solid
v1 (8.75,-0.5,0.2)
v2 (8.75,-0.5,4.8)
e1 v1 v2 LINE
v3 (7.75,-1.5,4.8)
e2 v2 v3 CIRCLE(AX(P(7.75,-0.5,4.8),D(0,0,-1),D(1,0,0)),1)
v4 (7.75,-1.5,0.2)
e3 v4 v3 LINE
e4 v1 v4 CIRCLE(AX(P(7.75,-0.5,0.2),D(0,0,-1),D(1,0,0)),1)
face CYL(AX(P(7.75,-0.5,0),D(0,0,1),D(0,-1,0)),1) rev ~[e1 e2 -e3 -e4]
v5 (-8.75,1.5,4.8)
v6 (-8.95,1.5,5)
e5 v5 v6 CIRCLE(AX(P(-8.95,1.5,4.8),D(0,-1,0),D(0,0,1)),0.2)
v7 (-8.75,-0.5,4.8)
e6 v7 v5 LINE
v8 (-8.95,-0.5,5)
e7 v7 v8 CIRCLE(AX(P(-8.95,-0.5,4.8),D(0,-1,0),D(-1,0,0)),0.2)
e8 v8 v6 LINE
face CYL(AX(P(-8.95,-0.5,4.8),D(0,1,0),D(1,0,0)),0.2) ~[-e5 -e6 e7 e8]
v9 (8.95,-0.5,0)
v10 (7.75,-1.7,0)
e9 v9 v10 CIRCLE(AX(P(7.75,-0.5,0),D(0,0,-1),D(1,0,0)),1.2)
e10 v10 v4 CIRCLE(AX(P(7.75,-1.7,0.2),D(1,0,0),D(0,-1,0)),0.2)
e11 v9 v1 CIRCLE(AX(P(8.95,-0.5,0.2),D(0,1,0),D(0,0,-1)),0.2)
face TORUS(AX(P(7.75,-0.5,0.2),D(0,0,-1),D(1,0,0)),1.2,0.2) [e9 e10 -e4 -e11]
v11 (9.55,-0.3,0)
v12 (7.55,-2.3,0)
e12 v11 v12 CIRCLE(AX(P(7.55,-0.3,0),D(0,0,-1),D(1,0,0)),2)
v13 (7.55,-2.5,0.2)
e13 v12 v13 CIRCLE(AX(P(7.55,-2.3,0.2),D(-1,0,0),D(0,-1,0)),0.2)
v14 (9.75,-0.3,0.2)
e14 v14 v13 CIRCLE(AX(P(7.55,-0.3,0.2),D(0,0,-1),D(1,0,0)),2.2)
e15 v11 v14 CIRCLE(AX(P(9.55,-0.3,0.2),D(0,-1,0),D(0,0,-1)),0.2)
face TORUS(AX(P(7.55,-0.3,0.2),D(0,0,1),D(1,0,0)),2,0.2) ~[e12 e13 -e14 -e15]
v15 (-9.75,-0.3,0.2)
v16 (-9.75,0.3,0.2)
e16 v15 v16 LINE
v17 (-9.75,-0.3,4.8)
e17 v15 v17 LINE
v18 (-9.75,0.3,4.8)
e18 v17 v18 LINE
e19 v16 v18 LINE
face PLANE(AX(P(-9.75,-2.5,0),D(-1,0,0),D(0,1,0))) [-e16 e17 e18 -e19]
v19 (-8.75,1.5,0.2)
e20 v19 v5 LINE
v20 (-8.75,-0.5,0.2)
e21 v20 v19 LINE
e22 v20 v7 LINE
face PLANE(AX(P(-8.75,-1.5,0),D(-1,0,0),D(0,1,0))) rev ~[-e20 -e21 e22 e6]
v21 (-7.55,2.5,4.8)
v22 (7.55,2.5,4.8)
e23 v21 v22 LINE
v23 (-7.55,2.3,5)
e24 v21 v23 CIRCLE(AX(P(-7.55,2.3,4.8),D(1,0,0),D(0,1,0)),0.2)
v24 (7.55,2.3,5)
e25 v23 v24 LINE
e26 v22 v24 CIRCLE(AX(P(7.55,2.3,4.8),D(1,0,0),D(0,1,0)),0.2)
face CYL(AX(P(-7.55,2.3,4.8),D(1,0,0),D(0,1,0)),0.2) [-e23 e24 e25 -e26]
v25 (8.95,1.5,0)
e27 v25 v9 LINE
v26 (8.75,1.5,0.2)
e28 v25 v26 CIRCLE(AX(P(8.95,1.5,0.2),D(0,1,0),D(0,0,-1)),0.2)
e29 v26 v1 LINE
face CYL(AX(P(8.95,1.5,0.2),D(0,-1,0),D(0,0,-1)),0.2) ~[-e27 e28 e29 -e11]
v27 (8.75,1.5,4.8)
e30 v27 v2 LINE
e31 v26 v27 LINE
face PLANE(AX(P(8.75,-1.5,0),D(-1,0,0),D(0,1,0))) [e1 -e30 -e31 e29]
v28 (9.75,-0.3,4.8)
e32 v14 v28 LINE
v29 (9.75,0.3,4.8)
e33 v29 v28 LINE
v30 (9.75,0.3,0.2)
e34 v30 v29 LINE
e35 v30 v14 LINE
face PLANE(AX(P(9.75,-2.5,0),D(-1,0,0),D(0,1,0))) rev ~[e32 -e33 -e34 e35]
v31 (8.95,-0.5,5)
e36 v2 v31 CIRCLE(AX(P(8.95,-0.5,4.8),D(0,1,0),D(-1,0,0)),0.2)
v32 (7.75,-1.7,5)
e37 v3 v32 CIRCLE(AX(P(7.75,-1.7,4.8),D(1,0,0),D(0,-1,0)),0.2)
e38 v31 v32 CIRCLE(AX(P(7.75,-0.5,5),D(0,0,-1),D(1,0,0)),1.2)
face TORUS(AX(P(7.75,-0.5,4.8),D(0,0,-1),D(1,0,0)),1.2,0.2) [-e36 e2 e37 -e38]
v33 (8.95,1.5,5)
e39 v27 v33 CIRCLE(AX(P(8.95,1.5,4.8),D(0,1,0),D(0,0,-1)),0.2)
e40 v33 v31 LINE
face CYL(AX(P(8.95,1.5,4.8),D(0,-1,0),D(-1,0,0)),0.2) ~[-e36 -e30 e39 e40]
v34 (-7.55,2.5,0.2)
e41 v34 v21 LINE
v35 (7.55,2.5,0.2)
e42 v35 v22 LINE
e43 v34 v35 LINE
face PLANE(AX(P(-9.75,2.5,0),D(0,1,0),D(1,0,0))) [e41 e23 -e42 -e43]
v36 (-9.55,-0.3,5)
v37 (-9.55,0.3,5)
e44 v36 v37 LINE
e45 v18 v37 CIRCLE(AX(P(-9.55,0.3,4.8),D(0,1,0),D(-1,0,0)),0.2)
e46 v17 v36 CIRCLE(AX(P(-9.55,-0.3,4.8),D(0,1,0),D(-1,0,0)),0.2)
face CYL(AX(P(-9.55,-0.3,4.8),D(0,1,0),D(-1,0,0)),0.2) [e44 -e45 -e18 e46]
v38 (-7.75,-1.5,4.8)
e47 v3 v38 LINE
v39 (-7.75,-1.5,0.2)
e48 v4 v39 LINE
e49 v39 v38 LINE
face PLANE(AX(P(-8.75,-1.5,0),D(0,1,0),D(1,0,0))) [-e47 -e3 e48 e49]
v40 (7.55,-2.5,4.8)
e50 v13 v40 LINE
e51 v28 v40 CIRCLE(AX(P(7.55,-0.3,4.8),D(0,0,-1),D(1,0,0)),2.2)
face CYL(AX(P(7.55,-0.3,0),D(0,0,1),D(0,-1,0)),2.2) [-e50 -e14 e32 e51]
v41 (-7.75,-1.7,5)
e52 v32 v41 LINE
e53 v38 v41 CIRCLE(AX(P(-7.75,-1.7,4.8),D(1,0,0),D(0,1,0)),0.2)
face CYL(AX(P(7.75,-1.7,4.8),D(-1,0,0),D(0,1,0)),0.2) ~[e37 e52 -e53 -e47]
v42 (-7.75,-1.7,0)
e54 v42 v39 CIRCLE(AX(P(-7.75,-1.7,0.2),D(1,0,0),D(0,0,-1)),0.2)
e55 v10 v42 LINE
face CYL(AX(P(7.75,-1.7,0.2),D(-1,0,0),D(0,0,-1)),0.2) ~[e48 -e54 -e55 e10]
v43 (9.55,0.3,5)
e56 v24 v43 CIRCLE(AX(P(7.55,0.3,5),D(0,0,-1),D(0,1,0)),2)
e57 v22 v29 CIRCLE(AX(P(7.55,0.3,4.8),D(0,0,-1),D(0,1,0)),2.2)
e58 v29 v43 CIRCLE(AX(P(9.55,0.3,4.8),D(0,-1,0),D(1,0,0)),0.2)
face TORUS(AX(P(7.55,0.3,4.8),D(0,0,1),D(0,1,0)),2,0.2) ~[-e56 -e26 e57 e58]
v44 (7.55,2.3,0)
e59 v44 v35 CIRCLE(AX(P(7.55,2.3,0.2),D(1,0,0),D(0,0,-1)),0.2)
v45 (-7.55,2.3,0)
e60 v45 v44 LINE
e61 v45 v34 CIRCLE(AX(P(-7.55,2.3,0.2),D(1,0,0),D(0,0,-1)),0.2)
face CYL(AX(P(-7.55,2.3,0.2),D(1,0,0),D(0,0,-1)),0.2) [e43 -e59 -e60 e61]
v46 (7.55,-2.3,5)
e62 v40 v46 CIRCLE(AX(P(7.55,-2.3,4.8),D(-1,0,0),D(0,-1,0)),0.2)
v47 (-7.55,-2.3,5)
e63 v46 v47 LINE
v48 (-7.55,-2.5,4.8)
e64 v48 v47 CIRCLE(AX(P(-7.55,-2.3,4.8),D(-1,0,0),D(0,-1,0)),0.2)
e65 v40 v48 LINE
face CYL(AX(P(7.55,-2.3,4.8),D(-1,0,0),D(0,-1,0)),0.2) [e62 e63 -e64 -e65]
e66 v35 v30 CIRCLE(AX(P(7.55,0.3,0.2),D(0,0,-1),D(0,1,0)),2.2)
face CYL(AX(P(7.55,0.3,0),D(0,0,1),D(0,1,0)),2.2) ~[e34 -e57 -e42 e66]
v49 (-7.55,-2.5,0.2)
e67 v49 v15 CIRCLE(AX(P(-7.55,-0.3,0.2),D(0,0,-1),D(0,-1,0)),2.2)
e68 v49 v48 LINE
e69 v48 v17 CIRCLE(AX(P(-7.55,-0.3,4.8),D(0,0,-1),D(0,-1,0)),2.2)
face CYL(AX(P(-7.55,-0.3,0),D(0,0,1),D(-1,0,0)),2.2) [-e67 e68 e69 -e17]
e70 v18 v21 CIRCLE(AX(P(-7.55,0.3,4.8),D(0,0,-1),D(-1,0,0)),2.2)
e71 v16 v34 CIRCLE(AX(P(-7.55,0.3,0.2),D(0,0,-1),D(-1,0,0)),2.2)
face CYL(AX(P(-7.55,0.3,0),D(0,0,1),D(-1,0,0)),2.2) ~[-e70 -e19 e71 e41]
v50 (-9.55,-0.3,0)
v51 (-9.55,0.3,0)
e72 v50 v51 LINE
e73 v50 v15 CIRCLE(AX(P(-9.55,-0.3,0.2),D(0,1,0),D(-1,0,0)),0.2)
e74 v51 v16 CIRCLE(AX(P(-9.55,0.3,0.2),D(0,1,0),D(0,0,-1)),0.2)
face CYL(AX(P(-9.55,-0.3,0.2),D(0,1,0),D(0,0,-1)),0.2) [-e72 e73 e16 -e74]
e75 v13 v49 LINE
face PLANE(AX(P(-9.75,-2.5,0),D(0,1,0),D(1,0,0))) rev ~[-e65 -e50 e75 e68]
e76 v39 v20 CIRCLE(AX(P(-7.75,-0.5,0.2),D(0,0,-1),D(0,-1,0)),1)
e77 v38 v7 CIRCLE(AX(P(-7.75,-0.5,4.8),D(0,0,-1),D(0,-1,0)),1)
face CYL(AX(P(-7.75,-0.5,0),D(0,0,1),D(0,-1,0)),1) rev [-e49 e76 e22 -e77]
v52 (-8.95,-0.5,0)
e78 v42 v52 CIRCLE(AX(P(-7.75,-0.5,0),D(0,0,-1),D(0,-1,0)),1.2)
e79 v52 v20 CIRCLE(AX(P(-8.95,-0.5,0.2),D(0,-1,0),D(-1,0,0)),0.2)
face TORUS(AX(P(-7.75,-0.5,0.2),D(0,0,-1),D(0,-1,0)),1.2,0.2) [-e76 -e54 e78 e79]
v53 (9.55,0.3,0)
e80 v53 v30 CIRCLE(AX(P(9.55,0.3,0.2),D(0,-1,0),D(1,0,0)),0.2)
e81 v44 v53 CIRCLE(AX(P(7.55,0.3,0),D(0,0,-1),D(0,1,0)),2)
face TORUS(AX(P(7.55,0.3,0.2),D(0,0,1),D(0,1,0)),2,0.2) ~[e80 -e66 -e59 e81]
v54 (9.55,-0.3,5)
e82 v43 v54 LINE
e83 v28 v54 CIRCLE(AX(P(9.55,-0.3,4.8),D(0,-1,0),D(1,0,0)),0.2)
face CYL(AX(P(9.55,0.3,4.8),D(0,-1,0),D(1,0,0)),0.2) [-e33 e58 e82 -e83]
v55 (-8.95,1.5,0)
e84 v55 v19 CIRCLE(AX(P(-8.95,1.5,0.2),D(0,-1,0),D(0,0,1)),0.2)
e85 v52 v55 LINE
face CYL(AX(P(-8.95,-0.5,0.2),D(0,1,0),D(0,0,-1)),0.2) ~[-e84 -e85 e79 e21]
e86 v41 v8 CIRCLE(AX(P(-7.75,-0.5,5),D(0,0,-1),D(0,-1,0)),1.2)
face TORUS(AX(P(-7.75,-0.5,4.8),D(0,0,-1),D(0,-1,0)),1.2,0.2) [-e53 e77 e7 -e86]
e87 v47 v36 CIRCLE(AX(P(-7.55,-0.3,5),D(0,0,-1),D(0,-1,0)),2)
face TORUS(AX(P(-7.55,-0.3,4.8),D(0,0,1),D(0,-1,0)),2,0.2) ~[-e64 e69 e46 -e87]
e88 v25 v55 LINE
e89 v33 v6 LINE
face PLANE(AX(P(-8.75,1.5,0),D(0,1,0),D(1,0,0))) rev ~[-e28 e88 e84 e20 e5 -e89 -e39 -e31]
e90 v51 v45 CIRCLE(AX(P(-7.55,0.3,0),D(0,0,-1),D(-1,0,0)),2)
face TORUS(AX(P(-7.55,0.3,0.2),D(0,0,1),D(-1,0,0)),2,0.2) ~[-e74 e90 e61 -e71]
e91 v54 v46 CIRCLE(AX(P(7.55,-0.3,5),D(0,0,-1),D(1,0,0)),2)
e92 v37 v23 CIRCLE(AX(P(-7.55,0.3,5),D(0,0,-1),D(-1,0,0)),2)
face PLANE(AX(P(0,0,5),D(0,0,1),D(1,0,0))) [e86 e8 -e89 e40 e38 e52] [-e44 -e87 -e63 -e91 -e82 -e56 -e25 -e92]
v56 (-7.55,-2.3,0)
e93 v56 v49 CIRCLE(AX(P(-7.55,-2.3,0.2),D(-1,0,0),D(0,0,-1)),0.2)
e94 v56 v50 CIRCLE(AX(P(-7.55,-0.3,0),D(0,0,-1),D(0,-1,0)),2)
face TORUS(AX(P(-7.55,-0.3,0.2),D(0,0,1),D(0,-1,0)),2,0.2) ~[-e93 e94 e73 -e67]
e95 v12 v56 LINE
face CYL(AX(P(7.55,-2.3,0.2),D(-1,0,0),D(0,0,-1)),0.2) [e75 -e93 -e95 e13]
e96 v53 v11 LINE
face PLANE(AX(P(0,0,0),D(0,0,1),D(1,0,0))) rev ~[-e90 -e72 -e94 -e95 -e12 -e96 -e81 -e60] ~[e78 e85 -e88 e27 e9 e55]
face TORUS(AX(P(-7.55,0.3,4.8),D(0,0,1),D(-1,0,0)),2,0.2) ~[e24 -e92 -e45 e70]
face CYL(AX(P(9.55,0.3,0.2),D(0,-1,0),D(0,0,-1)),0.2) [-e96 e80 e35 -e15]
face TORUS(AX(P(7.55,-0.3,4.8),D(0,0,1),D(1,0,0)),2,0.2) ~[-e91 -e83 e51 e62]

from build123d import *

# Parameters (mm, degrees)
SKETCH_1_W      = 19.5
SKETCH_1_H      = 5
SKETCH_1_W_2    = 17.5
SKETCH_1_H_2    = 3
EXTRUDE_1_DEPTH = 5
FILLET_1_R      = 2.2
FILLET_2_R      = 1
FILLET_3_R      = 0.2


with BuildPart() as part:
    # Эскиз1 → Бобышка-Вытянуть1 (new body)
    with BuildSketch(Plane.XY):
        Rectangle(SKETCH_1_W, SKETCH_1_H)
        Rectangle(SKETCH_1_W_2, SKETCH_1_H_2, mode=Mode.SUBTRACT)
    extrude(amount=EXTRUDE_1_DEPTH)

    # Скругление1
    fillet_1_edges = [part.edges().sort_by_distance(p)[0] for p in [
        (-9.75, 2.5, 2.5),
        (9.75, 2.5, 2.5),
        (9.75, -2.5, 2.5),
        (-9.75, -2.5, 2.5),
    ]]
    fillet(fillet_1_edges, radius=FILLET_1_R)

    # Скругление2
    fillet_2_edges = [part.edges().sort_by_distance(p)[0] for p in [
        (8.75, -1.5, 2.5),
        (-8.75, -1.5, 2.5),
    ]]
    fillet(fillet_2_edges, radius=FILLET_2_R)

    # Скругление3
    fillet_3_edges = [part.edges().sort_by_distance(p)[0] for p in [
        (-8.75, 0.5, 0),
        (-8.75, 0.5, 5),
        (0, 2.5, 0),
        (0, 2.5, 5),
        (-9.75, 0, 0),
        (9.75, 0, 0),
        (0, -2.5, 0),
        (9.105634919, -1.855634919, 0),
        (-9.105634919, -1.855634919, 0),
        (-9.105634919, 1.855634919, 0),
        (9.105634919, 1.855634919, 0),
        (9.75, 0, 5),
        (-9.75, 0, 5),
        (0, -2.5, 5),
        (9.105634919, -1.855634919, 5),
        (-9.105634919, -1.855634919, 5),
        (-9.105634919, 1.855634919, 5),
        (9.105634919, 1.855634919, 5),
        (0, -1.5, 0),
        (0, -1.5, 5),
        (8.75, 0.5, 0),
        (8.75, 0.5, 5),
        (-8.457106781, -1.207106781, 0),
        (-8.457106781, -1.207106781, 5),
        (8.457106781, -1.207106781, 0),
        (8.457106781, -1.207106781, 5),
    ]]
    fillet(fillet_3_edges, radius=FILLET_3_R)


solid = part.part
